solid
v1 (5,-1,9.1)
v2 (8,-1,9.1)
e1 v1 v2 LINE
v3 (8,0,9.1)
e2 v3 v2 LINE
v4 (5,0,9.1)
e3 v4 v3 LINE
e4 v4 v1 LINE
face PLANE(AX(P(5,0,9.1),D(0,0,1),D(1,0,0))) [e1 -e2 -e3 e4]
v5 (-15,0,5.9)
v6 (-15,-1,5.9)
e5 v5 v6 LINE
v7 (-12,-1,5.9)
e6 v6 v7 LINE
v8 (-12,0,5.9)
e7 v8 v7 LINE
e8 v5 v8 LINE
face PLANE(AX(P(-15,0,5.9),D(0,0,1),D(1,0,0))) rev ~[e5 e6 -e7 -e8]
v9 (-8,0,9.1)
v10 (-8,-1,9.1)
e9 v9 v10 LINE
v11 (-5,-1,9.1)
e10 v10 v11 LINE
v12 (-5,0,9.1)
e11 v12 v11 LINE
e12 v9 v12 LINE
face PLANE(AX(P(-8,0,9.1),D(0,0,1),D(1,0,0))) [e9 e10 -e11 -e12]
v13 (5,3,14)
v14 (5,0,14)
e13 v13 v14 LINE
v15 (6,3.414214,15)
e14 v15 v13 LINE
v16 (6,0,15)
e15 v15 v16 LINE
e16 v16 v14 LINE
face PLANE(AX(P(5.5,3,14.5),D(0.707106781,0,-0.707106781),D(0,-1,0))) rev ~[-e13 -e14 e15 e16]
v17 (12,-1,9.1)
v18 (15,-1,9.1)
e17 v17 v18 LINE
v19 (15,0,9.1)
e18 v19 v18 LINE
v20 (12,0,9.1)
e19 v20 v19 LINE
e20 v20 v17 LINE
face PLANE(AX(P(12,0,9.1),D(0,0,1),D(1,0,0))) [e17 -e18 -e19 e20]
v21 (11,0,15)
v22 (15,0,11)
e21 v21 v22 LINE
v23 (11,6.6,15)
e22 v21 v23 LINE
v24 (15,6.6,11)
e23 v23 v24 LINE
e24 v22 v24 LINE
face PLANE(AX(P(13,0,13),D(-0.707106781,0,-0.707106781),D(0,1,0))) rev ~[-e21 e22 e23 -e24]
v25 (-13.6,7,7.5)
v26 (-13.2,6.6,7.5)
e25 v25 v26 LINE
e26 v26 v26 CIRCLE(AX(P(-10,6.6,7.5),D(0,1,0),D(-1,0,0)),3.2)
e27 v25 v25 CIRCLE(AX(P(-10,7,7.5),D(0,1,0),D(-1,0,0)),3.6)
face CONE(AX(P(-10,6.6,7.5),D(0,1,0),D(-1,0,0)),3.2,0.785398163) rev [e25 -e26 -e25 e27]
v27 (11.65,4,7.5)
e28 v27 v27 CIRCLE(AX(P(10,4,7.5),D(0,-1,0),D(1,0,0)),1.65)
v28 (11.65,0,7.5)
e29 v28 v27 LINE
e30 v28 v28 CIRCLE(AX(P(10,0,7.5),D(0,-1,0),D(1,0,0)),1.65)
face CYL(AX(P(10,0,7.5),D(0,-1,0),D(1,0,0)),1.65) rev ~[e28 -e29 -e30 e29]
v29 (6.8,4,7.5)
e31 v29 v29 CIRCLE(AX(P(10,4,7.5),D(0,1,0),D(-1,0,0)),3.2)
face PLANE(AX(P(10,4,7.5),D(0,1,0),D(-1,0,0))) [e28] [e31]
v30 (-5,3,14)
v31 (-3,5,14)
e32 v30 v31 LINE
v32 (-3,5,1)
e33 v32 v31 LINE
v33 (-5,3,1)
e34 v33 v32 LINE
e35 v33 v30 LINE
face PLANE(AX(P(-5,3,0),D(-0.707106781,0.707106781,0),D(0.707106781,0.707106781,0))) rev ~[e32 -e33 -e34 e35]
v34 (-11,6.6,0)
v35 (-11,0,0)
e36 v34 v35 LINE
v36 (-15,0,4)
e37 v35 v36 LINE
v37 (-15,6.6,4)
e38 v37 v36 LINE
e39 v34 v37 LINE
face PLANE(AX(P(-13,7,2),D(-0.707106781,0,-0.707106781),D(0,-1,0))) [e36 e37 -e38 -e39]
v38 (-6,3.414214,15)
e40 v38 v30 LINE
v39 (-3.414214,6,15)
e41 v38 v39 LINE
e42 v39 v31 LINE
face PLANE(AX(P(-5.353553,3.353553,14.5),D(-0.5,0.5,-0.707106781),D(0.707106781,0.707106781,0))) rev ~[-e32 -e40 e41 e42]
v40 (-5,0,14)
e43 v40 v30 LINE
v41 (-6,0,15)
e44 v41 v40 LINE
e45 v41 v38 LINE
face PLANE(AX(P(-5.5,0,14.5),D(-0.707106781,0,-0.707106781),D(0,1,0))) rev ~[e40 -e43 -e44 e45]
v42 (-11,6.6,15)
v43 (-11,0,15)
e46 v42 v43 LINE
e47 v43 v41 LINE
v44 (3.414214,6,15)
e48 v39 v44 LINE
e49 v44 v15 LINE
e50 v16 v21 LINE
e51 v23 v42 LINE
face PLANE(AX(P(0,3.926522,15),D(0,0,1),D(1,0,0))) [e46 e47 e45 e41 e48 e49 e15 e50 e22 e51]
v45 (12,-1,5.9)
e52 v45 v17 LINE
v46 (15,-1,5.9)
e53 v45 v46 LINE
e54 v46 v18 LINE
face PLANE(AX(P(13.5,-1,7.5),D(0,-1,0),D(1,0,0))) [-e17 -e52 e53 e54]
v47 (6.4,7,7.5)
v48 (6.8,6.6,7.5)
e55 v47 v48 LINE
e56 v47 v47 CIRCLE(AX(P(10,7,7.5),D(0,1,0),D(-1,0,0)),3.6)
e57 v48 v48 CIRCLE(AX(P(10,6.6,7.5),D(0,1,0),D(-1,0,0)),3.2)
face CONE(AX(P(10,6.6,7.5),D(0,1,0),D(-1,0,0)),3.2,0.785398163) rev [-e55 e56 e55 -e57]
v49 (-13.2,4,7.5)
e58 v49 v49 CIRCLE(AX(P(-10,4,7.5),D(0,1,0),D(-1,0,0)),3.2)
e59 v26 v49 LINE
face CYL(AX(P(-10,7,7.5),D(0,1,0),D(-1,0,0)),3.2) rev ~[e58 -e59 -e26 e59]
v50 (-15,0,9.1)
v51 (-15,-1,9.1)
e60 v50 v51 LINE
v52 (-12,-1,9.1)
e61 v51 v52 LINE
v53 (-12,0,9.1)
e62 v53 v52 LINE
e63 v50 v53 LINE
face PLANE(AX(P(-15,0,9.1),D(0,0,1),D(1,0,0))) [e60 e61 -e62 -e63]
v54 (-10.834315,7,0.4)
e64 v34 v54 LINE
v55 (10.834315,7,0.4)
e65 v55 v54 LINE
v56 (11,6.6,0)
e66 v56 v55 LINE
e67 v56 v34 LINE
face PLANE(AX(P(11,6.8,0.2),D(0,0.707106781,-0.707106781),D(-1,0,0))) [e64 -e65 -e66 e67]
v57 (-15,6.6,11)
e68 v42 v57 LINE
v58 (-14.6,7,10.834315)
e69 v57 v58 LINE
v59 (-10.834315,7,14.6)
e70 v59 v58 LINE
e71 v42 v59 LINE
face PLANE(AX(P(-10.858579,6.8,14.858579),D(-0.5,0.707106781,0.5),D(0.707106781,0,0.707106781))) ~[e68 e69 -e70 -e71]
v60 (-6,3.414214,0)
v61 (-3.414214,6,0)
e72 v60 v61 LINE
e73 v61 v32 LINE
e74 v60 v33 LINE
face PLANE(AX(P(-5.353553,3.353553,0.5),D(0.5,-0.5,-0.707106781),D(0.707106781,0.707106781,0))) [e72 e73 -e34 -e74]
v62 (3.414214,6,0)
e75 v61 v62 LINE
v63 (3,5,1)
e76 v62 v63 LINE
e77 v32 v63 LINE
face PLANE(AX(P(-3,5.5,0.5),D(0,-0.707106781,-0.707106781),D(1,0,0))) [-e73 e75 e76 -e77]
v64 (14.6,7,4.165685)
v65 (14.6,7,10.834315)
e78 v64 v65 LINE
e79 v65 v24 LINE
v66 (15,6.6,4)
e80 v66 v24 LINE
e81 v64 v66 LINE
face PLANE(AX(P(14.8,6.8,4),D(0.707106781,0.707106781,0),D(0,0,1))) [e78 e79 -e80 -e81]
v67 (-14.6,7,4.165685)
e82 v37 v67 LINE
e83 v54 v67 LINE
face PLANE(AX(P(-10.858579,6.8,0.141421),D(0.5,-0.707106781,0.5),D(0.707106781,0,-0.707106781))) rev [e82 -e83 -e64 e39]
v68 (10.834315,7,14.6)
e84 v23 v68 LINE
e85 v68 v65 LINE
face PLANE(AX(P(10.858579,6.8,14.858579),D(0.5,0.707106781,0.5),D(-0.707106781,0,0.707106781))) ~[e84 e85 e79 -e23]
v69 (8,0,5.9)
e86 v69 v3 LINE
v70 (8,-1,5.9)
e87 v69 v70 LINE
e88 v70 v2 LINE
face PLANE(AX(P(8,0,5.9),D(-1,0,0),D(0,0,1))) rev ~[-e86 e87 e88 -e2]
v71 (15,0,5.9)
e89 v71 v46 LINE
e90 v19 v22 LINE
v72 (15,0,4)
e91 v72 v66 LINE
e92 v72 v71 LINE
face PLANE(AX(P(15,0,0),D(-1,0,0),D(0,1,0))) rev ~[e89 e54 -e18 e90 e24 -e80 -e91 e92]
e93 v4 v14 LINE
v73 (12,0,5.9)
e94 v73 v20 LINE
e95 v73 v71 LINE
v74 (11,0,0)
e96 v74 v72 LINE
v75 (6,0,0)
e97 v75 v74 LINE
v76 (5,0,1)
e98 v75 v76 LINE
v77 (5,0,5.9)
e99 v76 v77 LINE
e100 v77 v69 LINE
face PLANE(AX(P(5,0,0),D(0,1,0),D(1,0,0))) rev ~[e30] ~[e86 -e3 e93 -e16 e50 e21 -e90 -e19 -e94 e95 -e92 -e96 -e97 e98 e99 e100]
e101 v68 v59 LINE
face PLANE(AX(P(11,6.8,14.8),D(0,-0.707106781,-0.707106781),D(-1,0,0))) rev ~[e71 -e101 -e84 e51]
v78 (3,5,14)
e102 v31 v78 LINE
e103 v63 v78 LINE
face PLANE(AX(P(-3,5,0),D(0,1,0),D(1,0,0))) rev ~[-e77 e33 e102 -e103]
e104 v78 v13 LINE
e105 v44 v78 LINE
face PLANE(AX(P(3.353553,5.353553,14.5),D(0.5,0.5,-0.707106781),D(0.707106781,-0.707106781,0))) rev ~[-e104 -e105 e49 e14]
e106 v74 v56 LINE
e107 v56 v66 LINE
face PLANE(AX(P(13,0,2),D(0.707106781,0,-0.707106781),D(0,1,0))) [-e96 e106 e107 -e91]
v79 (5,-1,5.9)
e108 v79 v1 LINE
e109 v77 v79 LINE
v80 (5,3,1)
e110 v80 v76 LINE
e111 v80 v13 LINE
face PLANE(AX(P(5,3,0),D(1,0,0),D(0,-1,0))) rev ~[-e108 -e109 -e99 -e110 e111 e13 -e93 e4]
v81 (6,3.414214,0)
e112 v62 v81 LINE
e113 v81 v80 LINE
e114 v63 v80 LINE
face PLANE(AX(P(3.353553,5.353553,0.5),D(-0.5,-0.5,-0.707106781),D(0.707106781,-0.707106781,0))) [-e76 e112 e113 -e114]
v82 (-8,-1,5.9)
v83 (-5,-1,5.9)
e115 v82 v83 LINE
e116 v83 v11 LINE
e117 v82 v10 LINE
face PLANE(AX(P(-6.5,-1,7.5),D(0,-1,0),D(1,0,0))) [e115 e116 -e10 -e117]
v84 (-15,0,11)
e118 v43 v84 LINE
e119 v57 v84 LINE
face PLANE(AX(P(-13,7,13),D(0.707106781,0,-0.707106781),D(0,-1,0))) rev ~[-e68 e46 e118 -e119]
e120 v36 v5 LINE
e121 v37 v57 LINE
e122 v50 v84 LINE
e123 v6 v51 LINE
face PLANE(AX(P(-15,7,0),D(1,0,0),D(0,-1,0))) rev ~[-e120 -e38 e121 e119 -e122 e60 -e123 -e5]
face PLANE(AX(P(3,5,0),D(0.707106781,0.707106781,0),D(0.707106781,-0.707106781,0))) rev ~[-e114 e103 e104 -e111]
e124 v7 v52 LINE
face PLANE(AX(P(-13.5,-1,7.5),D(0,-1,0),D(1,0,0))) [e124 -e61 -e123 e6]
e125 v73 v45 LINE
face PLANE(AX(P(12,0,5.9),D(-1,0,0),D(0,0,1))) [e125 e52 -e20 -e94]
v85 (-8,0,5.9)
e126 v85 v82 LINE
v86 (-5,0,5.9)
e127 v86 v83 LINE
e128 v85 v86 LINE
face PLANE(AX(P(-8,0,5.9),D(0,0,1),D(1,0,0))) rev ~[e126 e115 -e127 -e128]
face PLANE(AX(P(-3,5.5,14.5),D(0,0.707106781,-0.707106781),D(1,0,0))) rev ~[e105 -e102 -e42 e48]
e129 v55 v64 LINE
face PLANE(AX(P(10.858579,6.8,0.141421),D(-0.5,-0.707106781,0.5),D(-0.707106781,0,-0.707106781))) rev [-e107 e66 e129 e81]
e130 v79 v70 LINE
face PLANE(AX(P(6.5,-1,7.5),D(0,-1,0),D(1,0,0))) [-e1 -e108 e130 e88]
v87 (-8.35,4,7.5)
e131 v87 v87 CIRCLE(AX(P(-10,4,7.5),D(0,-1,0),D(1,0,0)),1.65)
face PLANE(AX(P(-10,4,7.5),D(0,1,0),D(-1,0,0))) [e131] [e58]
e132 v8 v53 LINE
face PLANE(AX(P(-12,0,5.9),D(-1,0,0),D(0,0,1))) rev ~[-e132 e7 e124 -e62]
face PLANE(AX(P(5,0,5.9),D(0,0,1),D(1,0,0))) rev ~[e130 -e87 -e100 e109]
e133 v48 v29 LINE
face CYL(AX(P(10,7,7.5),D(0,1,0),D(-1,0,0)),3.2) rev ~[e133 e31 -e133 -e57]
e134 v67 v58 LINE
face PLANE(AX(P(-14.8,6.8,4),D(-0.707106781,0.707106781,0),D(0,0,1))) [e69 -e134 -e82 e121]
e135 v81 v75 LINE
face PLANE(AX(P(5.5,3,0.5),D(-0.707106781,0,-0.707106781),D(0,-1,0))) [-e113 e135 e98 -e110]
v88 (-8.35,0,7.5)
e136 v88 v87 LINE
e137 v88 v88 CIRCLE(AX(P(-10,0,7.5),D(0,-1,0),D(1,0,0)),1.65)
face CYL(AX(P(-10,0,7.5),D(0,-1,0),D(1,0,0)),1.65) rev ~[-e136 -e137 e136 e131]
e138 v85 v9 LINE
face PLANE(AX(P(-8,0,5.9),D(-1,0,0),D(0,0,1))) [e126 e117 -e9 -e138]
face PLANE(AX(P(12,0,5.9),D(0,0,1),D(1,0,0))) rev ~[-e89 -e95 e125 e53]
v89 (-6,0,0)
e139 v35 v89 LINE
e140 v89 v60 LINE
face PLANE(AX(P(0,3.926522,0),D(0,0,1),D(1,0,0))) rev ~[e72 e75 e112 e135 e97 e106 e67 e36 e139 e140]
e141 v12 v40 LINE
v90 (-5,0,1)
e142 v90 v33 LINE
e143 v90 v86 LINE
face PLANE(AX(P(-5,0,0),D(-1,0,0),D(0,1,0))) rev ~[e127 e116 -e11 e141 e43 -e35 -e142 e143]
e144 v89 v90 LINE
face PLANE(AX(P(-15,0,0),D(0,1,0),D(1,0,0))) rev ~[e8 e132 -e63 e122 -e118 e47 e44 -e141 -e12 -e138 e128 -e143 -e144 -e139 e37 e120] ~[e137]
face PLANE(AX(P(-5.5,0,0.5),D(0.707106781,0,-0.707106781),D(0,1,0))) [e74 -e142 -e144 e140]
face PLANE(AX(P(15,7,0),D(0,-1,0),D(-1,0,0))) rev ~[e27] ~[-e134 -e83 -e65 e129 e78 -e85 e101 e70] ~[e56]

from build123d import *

# Parameters (mm, degrees)
PAD001_DEPTH                               = 15
SKETCH007_R                                = 1.65
POCKET005_DEPTH                            = 7.001
SKETCH008_R                                = 3.2
POCKET006_DEPTH                            = 3
CHAMFER004013007011015006009007001025_SIZE = 4
CHAMFER004013007011015006009007001026_SIZE = 0.4
CHAMFER004013007011015006009007001027_SIZE = 1
SKETCH009_W                                = 3
SKETCH009_H                                = 3.2
PAD002_DEPTH                               = 1


with BuildPart() as part:
    # Sketch006 → Pad001 (new body)
    with BuildSketch(Plane.XY):
        Polygon((-5, 0), (-5, 3), (-3, 5), (3, 5), (5, 3), (5, 0), (15, 0), (15, 5), (15, 7), (-15, 7), (-15, 6), (-15, 0), align=None)
    extrude(amount=PAD001_DEPTH)

    # Sketch007 (on Face12 of Pad001) → Pocket005 (cut, through all)
    with BuildSketch(Plane.XZ):
        with Locations((-10, 7.5)):
            Circle(SKETCH007_R)
        with Locations((10, 7.5)):
            Circle(SKETCH007_R)
    extrude(amount=-POCKET005_DEPTH, mode=Mode.SUBTRACT)

    # Sketch008 (on Face14 of Pocket005) → Pocket006 (cut)
    with BuildSketch(Plane(origin=(0, 7, 0), x_dir=(-1, 0, 0), z_dir=(0, 1, 0))):
        with Locations((-10, 7.5)):
            Circle(SKETCH008_R)
        with Locations((10, 7.5)):
            Circle(SKETCH008_R)
    extrude(amount=-POCKET006_DEPTH, mode=Mode.SUBTRACT)

    # Chamfer004013007011015006009007001025
    chamfer004013007011015006009007001025_edges = [part.edges().sort_by_distance(p)[0] for p in [
        (15, 2.5, 15),
        (15, 2.5, 0),
        (15, 6, 0),
        (15, 6, 15),
        (-15, 3, 15),
        (-15, 6.5, 15),
        (-15, 6.5, 0),
        (-15, 3, 0),
    ]]
    chamfer(chamfer004013007011015006009007001025_edges, length=CHAMFER004013007011015006009007001025_SIZE)

    # Chamfer004013007011015006009007001026
    chamfer004013007011015006009007001026_edges = [part.edges().sort_by_distance(p)[0] for p in [
        (-15, 7, 7.5),
        (-13, 7, 2),
        (-13, 7, 13),
        (0, 7, 0),
        (0, 7, 15),
        (13, 7, 2),
        (13, 7, 13),
        (15, 7, 7.5),
        (-6.8, 7, 7.5),
        (13.2, 7, 7.5),
    ]]
    chamfer(chamfer004013007011015006009007001026_edges, length=CHAMFER004013007011015006009007001026_SIZE)

    # Chamfer004013007011015006009007001027
    chamfer004013007011015006009007001027_edges = [part.edges().sort_by_distance(p)[0] for p in [
        (-5, 1.5, 15),
        (-4, 4, 15),
        (0, 5, 15),
        (4, 4, 15),
        (5, 1.5, 15),
        (-5, 1.5, 0),
        (-4, 4, 0),
        (0, 5, 0),
        (4, 4, 0),
        (5, 1.5, 0),
    ]]
    chamfer(chamfer004013007011015006009007001027_edges, length=CHAMFER004013007011015006009007001027_SIZE)

    # Sketch009 (on Face13 of Chamfer004013007011015006009007001027) → Pad002 (join)
    with BuildSketch(Plane.XZ):
        with Locations((-13.5, 7.5)):
            Rectangle(SKETCH009_W, SKETCH009_H)
        with Locations((-6.5, 7.5)):
            Rectangle(SKETCH009_W, SKETCH009_H)
        with Locations((6.5, 7.5)):
            Rectangle(SKETCH009_W, SKETCH009_H)
        with Locations((13.5, 7.5)):
            Rectangle(SKETCH009_W, SKETCH009_H)
    extrude(amount=PAD002_DEPTH)


solid = part.part
